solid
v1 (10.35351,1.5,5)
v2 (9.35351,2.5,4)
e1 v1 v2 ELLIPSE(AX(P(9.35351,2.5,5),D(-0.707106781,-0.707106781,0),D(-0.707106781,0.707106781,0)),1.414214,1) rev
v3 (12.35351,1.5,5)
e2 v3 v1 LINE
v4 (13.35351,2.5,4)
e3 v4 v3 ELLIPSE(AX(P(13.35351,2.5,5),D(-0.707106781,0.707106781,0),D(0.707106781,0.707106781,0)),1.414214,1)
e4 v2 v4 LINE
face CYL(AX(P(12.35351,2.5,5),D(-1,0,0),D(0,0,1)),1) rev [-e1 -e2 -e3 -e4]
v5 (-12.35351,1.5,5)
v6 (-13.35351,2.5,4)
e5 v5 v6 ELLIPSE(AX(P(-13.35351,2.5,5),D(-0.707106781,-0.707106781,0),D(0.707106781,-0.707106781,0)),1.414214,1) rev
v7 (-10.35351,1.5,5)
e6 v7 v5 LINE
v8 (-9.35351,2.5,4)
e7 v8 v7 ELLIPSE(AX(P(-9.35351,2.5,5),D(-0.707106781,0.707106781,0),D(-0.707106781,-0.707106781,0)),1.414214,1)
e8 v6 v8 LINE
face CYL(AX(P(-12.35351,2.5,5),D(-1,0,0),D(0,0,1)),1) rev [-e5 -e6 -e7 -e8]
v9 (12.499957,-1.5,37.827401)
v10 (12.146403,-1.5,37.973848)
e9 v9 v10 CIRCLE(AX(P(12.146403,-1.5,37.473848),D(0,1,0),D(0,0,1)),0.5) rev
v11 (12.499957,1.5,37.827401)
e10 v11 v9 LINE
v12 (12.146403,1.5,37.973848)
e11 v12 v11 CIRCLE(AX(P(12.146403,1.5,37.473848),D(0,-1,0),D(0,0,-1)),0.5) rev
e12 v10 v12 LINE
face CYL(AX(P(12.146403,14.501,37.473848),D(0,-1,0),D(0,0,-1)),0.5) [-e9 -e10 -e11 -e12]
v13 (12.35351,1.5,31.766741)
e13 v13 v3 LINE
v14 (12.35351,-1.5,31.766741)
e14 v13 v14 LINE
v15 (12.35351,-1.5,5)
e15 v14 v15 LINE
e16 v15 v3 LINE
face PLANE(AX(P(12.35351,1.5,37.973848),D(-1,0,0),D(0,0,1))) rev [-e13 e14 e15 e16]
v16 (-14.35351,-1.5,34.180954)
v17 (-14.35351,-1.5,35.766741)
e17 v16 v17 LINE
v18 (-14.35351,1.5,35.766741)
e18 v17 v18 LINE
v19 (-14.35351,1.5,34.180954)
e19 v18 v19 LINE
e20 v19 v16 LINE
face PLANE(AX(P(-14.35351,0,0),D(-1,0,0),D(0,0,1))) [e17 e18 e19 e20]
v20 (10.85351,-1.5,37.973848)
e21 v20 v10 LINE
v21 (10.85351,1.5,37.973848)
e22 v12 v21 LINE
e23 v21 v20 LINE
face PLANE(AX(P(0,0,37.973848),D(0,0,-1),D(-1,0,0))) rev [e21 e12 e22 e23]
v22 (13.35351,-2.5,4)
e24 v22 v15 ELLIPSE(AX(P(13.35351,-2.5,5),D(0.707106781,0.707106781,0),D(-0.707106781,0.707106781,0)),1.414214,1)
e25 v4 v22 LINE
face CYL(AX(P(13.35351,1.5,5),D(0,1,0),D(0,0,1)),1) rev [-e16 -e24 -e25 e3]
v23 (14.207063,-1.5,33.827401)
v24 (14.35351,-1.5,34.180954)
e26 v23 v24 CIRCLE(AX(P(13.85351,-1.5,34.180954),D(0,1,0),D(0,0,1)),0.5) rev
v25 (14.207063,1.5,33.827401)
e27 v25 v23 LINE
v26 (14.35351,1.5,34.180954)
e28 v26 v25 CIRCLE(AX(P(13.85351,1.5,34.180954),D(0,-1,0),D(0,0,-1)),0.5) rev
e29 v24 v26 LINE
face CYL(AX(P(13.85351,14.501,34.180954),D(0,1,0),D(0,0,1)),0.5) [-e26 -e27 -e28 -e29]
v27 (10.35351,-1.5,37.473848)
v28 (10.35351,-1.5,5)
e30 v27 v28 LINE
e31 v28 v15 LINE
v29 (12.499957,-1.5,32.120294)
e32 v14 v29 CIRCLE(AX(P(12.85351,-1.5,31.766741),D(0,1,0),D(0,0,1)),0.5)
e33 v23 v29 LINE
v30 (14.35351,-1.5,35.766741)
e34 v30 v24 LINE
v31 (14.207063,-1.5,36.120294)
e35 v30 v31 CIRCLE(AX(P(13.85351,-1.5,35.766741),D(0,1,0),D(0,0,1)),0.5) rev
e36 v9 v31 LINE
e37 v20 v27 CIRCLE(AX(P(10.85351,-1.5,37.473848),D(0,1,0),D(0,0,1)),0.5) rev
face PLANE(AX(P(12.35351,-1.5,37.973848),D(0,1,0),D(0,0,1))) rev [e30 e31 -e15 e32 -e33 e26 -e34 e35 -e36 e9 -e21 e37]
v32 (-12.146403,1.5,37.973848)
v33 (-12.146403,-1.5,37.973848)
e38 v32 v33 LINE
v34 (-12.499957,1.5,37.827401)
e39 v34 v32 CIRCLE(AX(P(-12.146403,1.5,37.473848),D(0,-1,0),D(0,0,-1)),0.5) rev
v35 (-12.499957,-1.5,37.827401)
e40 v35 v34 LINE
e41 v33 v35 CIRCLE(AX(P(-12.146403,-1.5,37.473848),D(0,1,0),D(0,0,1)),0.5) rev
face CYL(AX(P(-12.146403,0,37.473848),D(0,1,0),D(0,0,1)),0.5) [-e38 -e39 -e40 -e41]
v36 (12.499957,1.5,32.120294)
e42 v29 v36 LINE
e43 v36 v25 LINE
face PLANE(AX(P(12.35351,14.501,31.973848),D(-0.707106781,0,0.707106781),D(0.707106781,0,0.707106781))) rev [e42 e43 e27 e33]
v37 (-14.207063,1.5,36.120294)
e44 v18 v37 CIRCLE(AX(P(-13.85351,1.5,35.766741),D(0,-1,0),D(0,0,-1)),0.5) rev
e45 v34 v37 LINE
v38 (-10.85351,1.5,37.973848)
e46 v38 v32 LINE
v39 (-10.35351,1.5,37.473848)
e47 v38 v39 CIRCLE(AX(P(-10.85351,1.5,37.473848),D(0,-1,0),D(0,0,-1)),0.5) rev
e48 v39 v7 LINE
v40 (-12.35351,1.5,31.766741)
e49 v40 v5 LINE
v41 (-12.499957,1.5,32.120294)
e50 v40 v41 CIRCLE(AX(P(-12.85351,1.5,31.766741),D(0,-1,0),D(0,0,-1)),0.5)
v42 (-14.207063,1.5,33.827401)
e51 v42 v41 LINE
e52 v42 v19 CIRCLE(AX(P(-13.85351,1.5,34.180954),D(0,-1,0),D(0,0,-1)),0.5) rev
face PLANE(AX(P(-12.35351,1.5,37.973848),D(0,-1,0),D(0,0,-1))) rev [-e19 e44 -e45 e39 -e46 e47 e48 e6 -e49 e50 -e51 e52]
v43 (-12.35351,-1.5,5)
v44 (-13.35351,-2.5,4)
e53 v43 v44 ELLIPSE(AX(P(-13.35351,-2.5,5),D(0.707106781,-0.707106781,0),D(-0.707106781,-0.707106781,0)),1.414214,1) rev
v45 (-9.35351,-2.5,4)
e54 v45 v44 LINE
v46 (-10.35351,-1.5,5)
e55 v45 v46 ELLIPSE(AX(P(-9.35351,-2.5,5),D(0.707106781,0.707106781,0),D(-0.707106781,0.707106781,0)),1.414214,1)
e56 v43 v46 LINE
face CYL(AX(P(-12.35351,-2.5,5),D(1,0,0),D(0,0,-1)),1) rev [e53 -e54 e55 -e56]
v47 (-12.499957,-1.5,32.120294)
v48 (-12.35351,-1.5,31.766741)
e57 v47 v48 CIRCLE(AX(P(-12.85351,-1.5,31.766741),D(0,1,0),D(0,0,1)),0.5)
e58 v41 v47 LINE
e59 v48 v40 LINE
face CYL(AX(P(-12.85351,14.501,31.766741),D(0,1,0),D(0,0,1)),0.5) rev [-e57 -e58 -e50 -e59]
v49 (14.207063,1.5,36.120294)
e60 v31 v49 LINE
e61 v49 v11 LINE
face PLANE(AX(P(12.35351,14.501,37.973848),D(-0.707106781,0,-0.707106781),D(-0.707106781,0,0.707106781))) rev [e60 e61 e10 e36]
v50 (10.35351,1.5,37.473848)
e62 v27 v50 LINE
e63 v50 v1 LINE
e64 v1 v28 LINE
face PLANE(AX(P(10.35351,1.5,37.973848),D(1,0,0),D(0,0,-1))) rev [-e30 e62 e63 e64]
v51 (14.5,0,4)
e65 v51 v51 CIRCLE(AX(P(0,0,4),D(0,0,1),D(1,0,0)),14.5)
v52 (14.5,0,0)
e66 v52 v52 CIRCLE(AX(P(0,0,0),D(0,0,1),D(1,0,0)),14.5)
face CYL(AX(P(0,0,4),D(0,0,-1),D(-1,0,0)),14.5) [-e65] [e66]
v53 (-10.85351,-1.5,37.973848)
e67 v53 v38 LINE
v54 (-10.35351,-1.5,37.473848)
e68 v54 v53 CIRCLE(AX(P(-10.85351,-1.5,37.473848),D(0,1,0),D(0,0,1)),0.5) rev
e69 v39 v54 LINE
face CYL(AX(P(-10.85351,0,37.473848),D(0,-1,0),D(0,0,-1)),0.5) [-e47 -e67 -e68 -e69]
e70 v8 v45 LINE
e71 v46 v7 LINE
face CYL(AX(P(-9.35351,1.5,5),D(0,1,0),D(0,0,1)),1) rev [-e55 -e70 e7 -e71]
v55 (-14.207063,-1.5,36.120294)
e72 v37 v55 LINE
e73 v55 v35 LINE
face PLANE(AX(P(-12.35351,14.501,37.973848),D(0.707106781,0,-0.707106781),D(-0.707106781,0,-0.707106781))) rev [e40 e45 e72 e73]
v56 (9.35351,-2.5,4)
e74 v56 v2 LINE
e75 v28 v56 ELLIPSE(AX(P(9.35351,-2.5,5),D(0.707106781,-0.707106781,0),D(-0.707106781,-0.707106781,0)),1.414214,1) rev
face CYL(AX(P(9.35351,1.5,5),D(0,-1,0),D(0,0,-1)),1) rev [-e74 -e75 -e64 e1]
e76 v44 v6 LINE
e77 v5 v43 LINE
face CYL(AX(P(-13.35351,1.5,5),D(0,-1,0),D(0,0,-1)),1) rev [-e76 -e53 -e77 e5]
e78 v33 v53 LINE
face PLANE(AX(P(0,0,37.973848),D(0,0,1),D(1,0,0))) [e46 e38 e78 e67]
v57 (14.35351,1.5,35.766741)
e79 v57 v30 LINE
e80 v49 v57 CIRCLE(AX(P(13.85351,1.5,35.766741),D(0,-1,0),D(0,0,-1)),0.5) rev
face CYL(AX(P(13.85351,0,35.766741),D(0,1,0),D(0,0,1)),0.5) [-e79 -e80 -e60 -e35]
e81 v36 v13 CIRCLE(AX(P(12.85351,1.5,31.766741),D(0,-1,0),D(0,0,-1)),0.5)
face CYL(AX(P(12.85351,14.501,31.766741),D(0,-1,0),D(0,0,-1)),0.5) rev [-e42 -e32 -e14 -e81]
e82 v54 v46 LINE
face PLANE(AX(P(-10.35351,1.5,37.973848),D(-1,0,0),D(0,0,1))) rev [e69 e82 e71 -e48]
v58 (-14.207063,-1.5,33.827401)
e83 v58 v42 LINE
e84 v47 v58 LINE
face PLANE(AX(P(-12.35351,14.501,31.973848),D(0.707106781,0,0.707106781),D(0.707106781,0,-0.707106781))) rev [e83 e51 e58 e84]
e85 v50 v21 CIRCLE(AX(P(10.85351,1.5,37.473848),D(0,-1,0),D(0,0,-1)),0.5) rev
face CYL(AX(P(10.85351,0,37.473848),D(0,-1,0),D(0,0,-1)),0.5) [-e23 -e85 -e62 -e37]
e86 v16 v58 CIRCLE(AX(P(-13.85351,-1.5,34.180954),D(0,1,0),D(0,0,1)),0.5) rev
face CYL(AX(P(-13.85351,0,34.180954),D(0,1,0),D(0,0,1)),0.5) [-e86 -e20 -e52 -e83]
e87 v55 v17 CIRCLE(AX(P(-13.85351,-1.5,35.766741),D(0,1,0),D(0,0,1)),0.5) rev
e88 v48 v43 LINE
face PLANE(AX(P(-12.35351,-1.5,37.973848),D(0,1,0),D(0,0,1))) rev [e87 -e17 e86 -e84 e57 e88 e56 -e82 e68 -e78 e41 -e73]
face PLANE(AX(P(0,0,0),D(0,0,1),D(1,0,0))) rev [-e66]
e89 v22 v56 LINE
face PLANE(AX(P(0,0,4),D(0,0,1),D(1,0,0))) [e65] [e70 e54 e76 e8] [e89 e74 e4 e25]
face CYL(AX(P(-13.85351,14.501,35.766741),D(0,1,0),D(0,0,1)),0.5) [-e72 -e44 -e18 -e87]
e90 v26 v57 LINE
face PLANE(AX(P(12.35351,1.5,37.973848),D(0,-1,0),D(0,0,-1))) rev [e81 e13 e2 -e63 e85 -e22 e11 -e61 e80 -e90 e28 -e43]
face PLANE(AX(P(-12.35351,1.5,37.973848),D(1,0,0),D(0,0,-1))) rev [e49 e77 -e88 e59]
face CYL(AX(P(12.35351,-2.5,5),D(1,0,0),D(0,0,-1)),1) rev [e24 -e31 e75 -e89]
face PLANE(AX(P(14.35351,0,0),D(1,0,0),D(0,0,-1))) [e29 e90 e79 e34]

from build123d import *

# Parameters (mm, degrees)
SKETCH1_R           = 14.5
BOSS_EXTRUDE1_DEPTH = 4
SKETCH2_W           = 2
SKETCH2_H           = 3
BOSS_EXTRUDE2_DEPTH = 33.973847717
SKETCH3_W           = 3
SKETCH3_H           = 6
BOSS_EXTRUDE3_DEPTH = 2
CUT_EXTRUDE1_REACH  = 45.684
SKETCH5_W           = 3
SKETCH5_H           = 6
BOSS_EXTRUDE4_DEPTH = 2
CUT_EXTRUDE2_REACH  = 45.684
FILLET1_R           = 1
FILLET2_R           = 0.5


with BuildPart() as part:
    # Sketch1 → Boss-Extrude1 (new body)
    with BuildSketch(Plane(origin=(0, 0, 0), x_dir=(0, 1, 0), z_dir=(0, 0, 1))):
        with Locations(Location((0, 0, 0), (0, 0, 270))):
            Circle(SKETCH1_R)
    extrude(amount=BOSS_EXTRUDE1_DEPTH)

    # Sketch2 → Boss-Extrude2 (add)
    with BuildSketch(Plane.XY.offset(4)):
        with Locations((-11.353510083, 0)):
            Rectangle(SKETCH2_W, SKETCH2_H)
        with Locations((11.353510083, 0)):
            Rectangle(SKETCH2_W, SKETCH2_H)
    extrude(amount=BOSS_EXTRUDE2_DEPTH)

    # Sketch3 → Boss-Extrude3 (add)
    with BuildSketch(Plane(origin=(-12.353510083, 0, 0), x_dir=(0, -1, 0), z_dir=(-1, 0, 0))):
        with Locations((0, 34.973847717)):
            Rectangle(SKETCH3_W, SKETCH3_H)
    extrude(amount=BOSS_EXTRUDE3_DEPTH)

    # Sketch4 → Cut-Extrude1 (cut, up to next)
    with BuildSketch(Plane.XZ.offset(1.5), mode=Mode.PRIVATE) as cut_extrude1_sk1:
        Polygon((-12.353510083, 31.973847717), (-14.353510083, 33.973847717), (-14.353510083, 31.973847717), align=None)
    cut_extrude1_tool1 = extrude(cut_extrude1_sk1.sketch, amount=-CUT_EXTRUDE1_REACH, mode=Mode.PRIVATE) & part.part
    # Sketch4 → Cut-Extrude1 (cut, up to next)
    with BuildSketch(Plane.XZ.offset(1.5), mode=Mode.PRIVATE) as cut_extrude1_sk2:
        Polygon((-12.353510083, 37.973847717), (-14.353510083, 35.973847717), (-14.353510083, 37.973847717), align=None)
    cut_extrude1_tool2 = extrude(cut_extrude1_sk2.sketch, amount=-CUT_EXTRUDE1_REACH, mode=Mode.PRIVATE) & part.part
    add(cut_extrude1_tool1.solids().sort_by_distance((-13.686843, -1.5, 32.640514))[0], mode=Mode.SUBTRACT)
    add(cut_extrude1_tool2.solids().sort_by_distance((-13.686843, -1.5, 37.307181))[0], mode=Mode.SUBTRACT)

    # Sketch5 → Boss-Extrude4 (add)
    with BuildSketch(Plane.YZ.offset(12.353510083)):
        with Locations((0, 34.973847717)):
            Rectangle(SKETCH5_W, SKETCH5_H)
    extrude(amount=BOSS_EXTRUDE4_DEPTH)

    # Sketch6 → Cut-Extrude2 (cut, up to next)
    with BuildSketch(Plane.XZ.offset(1.5), mode=Mode.PRIVATE) as cut_extrude2_sk1:
        Polygon((12.353510083, 31.973847717), (14.353510083, 33.973847717), (14.353510083, 31.973847717), align=None)
    cut_extrude2_tool1 = extrude(cut_extrude2_sk1.sketch, amount=-CUT_EXTRUDE2_REACH, mode=Mode.PRIVATE) & part.part
    # Sketch6 → Cut-Extrude2 (cut, up to next)
    with BuildSketch(Plane.XZ.offset(1.5), mode=Mode.PRIVATE) as cut_extrude2_sk2:
        Polygon((12.353510083, 37.973847717), (14.353510083, 35.973847717), (14.353510083, 37.973847717), align=None)
    cut_extrude2_tool2 = extrude(cut_extrude2_sk2.sketch, amount=-CUT_EXTRUDE2_REACH, mode=Mode.PRIVATE) & part.part
    add(cut_extrude2_tool1.solids().sort_by_distance((13.686843, -1.5, 32.640514))[0], mode=Mode.SUBTRACT)
    add(cut_extrude2_tool2.solids().sort_by_distance((13.686843, -1.5, 37.307181))[0], mode=Mode.SUBTRACT)

    # Fillet1
    fillet1_edges = [part.edges().sort_by_distance(p)[0] for p in [
        (-12.353510083, 0, 4),
        (-11.353510083, -1.5, 4),
        (12.353510083, 0, 4),
        (11.353510083, 1.5, 4),
        (10.353510083, 0, 4),
        (11.353510083, -1.5, 4),
        (-10.353510083, 0, 4),
        (-11.353510083, 1.5, 4),
    ]]
    fillet(fillet1_edges, radius=FILLET1_R)

    # Fillet2
    fillet2_edges = [part.edges().sort_by_distance(p)[0] for p in [
        (-10.353510083, 0, 37.973847717),
        (10.353510083, 0, 37.973847717),
        (-12.353510083, 0, 31.973847717),
        (-14.353510083, 0, 33.973847717),
        (-12.353510083, 0, 37.973847717),
        (-14.353510083, 0, 35.973847717),
        (12.353510083, 0, 31.973847717),
        (14.353510083, 0, 33.973847717),
        (12.353510083, 0, 37.973847717),
        (14.353510083, 0, 35.973847717),
    ]]
    fillet(fillet2_edges, radius=FILLET2_R)


solid = part.part
